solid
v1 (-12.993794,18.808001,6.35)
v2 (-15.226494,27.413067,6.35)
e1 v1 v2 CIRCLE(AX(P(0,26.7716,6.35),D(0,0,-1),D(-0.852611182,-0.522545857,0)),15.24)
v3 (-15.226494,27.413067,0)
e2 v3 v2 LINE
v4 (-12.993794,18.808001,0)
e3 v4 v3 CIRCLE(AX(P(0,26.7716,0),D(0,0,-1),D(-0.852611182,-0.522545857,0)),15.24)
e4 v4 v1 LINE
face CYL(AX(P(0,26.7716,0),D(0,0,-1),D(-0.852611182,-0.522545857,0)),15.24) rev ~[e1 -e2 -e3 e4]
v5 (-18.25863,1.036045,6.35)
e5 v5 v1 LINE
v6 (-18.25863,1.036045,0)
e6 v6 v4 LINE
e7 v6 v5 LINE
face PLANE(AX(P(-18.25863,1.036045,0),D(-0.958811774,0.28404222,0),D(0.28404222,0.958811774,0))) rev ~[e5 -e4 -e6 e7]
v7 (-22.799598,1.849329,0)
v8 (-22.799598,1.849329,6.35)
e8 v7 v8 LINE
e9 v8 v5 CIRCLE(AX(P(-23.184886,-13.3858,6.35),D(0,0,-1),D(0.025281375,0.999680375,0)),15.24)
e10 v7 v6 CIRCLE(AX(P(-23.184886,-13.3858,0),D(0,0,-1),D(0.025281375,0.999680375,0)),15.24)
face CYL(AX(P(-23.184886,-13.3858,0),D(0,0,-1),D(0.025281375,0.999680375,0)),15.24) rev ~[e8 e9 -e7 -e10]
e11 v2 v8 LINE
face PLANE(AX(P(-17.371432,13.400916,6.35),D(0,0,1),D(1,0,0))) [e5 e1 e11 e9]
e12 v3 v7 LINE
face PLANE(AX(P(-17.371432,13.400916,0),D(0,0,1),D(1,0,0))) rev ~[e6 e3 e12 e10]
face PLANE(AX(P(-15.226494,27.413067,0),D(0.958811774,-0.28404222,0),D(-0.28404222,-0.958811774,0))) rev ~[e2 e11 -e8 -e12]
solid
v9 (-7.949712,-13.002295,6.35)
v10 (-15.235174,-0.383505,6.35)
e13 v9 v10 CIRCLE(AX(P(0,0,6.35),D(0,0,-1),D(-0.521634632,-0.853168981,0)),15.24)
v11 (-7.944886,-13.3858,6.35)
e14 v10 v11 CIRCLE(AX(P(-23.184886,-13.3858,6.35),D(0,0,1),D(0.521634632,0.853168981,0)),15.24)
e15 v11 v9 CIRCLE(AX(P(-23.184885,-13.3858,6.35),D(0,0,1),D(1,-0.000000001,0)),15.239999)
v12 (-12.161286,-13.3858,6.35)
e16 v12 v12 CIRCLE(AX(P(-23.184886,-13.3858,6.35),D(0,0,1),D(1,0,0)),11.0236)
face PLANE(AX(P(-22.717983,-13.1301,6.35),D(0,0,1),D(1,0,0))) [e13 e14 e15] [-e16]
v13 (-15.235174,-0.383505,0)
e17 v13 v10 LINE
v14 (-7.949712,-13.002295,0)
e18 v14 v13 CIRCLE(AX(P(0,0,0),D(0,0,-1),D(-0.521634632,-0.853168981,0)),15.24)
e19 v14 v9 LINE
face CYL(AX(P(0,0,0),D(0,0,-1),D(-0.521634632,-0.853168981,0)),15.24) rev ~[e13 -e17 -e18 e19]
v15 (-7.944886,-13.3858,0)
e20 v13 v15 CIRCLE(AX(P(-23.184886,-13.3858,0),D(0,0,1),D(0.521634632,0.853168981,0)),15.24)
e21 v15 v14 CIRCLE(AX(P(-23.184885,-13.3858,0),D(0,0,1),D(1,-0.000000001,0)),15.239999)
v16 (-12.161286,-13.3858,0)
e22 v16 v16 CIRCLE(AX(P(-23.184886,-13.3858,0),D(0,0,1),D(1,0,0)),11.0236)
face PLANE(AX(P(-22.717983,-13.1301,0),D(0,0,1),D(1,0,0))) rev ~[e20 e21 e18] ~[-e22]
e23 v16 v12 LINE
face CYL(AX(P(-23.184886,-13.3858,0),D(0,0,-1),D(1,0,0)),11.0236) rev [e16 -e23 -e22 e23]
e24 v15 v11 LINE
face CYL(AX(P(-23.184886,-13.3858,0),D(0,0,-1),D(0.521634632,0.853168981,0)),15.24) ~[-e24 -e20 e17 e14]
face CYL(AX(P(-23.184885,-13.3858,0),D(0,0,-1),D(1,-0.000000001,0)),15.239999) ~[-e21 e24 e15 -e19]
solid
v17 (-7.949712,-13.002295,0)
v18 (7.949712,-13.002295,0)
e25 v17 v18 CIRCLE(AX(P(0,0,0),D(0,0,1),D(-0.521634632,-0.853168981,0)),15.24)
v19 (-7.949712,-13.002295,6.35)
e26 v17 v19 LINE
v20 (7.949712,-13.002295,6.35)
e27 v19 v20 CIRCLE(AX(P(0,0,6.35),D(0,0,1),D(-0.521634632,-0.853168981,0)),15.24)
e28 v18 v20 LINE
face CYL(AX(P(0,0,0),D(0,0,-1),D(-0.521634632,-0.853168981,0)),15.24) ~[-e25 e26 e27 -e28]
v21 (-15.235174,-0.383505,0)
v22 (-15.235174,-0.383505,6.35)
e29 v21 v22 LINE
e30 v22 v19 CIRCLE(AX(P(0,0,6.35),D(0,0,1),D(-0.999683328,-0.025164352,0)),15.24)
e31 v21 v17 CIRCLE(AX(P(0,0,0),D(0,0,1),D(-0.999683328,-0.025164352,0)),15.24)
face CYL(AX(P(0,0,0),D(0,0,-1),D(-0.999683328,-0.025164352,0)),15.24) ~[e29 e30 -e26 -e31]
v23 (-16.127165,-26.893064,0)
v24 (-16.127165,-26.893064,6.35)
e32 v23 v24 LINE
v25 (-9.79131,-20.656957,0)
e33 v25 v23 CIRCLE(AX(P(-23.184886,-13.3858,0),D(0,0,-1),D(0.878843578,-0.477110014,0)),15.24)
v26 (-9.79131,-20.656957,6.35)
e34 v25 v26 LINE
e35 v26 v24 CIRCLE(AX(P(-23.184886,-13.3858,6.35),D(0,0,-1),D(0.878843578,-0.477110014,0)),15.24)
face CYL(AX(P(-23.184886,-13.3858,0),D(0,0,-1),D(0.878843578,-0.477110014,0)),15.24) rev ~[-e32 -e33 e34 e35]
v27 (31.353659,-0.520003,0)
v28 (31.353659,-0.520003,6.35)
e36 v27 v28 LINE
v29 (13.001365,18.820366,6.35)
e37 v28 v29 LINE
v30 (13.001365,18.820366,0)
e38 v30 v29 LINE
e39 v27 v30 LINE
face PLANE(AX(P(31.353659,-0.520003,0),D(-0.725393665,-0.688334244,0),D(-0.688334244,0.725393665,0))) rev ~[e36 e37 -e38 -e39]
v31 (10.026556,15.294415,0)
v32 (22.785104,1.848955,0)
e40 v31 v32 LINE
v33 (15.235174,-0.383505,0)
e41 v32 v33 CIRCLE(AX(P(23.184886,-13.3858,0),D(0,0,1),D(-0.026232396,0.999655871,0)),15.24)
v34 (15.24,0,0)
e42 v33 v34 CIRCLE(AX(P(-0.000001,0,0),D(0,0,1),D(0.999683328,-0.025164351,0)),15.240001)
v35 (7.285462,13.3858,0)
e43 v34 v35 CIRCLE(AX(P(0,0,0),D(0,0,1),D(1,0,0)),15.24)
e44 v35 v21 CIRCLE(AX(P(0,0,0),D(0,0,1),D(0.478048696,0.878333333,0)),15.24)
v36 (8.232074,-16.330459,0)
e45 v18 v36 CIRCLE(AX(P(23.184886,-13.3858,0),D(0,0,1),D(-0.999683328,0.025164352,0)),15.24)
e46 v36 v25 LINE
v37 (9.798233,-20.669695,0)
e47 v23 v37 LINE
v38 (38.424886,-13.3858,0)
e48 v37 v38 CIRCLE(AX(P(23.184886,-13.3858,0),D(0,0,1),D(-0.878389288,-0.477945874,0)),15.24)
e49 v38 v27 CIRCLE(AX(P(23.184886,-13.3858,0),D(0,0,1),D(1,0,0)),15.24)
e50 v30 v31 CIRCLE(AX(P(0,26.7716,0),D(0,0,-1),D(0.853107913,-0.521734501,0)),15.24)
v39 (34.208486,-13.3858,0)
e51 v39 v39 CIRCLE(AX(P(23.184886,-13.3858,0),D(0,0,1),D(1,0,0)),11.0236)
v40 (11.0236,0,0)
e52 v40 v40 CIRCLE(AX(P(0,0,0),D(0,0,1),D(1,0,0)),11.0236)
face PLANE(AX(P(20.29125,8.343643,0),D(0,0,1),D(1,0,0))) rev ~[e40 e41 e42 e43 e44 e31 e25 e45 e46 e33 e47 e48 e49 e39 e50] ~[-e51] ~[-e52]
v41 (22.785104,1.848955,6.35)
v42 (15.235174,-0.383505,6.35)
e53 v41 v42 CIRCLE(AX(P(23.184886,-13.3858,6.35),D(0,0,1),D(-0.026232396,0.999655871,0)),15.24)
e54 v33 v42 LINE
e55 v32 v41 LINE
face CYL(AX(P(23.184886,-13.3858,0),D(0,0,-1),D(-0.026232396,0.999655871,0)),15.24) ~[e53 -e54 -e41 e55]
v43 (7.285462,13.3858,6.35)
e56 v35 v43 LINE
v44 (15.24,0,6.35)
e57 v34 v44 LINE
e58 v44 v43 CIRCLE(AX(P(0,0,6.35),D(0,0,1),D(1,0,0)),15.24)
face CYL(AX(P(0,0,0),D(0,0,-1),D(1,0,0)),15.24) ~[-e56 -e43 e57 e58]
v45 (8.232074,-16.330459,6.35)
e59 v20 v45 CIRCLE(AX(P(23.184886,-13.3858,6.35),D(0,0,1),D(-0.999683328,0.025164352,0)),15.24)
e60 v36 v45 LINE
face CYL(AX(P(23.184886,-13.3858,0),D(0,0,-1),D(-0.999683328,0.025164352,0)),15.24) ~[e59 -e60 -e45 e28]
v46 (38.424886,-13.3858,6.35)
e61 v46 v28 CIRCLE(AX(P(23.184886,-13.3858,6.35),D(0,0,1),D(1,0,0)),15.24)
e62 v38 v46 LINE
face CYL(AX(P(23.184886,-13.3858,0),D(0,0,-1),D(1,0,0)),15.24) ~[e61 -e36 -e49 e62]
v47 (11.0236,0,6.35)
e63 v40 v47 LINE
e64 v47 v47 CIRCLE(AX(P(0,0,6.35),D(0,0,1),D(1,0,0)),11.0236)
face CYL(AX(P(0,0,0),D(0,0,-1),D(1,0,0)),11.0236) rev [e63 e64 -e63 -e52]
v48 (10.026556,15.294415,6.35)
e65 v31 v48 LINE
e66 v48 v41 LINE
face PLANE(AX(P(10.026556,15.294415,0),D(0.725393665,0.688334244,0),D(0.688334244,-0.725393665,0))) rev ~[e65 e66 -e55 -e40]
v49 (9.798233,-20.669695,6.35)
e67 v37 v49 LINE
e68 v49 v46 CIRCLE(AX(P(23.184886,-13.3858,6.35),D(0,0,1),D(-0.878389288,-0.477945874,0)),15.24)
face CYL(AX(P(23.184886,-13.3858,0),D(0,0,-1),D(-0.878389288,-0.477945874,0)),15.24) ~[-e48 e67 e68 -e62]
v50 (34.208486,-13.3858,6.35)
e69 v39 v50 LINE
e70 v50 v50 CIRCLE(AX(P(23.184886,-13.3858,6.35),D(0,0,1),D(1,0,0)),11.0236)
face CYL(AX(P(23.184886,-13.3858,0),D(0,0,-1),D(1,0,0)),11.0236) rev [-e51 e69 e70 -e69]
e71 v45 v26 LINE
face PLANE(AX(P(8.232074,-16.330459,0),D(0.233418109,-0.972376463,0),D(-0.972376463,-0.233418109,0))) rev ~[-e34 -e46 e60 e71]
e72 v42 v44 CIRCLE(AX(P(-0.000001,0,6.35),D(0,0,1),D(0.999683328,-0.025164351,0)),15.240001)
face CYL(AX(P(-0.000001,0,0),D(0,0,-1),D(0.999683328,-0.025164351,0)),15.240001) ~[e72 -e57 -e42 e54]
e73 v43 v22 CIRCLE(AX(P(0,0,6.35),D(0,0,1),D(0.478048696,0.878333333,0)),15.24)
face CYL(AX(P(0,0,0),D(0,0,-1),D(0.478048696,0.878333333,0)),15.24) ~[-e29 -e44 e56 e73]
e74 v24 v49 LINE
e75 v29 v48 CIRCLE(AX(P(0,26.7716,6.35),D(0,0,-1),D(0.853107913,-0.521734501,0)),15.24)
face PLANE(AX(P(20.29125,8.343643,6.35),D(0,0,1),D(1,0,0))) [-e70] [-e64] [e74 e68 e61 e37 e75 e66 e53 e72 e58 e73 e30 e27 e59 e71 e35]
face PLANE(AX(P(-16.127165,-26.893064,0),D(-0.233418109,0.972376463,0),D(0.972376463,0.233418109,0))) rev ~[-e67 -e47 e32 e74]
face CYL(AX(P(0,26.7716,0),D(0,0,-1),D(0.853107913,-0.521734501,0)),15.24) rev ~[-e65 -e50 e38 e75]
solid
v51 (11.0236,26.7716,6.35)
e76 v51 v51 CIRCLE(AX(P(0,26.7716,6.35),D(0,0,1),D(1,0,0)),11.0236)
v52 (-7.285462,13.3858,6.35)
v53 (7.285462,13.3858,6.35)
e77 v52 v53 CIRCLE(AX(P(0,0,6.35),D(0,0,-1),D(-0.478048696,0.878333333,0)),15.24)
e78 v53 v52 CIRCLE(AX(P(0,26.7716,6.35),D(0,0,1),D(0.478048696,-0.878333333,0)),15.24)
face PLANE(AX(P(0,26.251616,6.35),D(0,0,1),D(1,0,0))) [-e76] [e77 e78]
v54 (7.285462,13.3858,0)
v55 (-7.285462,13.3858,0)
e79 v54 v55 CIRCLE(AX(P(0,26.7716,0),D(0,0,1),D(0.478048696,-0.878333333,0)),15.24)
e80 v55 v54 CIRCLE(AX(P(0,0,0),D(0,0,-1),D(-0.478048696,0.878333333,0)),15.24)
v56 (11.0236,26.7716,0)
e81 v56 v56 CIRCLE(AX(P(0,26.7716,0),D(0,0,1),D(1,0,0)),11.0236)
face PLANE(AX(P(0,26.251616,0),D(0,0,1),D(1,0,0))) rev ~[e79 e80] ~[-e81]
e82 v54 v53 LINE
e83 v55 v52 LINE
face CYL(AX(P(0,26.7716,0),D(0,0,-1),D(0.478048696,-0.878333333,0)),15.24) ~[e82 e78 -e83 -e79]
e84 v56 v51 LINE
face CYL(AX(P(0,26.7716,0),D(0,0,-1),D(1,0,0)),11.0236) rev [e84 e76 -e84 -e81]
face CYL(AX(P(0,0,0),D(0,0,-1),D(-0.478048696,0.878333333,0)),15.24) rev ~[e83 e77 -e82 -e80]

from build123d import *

# Parameters (mm, degrees)
F1_R     = 11.0236
F2_DEPTH = 6.35
F0_R     = 11.0236


with BuildPart() as f2:
    # F1 (on Top) → F2 (new body)
    with BuildSketch(Plane.XY):
        with BuildLine():
            Line((31.3536591279, -0.5200026799), (13.0013645891, 18.8203662076))
            ThreePointArc((13.0013645891, 18.8203662076), (11.648148434, 16.9441772423), (10.0265557348, 15.2944148008))
            Line((10.0265557348, 15.2944148008), (22.7851039854, 1.8489554815))
            ThreePointArc((22.7851039854, 1.8489554815), (27.2459568337, 1.3031516728), (31.3536591279, -0.5200026799))
        make_face()
        with BuildLine():
            ThreePointArc((-9.7913095753, -20.65695662), (-12.4944159632, -24.2472666048), (-16.1271650948, -26.8930639664))
            Line((-16.1271650948, -26.8930639664), (9.7982329498, -20.6696951218))
            ThreePointArc((9.7982329498, -20.6696951218), (8.850013721, -18.5596810721), (8.2320738861, -16.3304593791))
            Line((8.2320738861, -16.3304593791), (-9.7913095753, -20.65695662))
        make_face()
        with BuildLine():
            ThreePointArc((-7.949711788, -13.0022952777), (-9.9866585463, -5.7658), (-15.235173912, -0.3835047223))
            ThreePointArc((-15.235173912, -0.3835047223), (-13.1982271537, -7.62), (-7.949711788, -13.0022952777))
        make_face()
        with BuildLine():
            ThreePointArc((7.285462124, 13.3858), (0, 15.24), (-7.285462124, 13.3858))
            ThreePointArc((-7.285462124, 13.3858), (0, 11.5316), (7.285462124, 13.3858))
        make_face()
        with BuildLine():
            ThreePointArc((38.4248857, -13.3858), (36.5405906054, -6.0453131988), (31.3536591279, -0.5200026799))
            ThreePointArc((31.3536591279, -0.5200026799), (27.2459568337, 1.3031516728), (22.7851039854, 1.8489554815))
            ThreePointArc((22.7851039854, 1.8489554815), (18.863487769, 1.2286832246), (15.235173912, -0.3835047223))
            ThreePointArc((15.235173912, -0.3835047223), (13.1982271537, -7.62), (7.949711788, -13.0022952777))
            ThreePointArc((7.949711788, -13.0022952777), (7.9994390612, -14.6741362848), (8.2320738861, -16.3304593791))
            ThreePointArc((8.2320738861, -16.3304593791), (8.850013721, -18.5596810721), (9.7982329498, -20.6696951218))
            ThreePointArc((9.7982329498, -20.6696951218), (26.9428779889, -28.1551972103), (38.4248857, -13.3858))
        make_face()
        with Locations((23.1848857, -13.3858)):
            Circle(F1_R, mode=Mode.SUBTRACT)
        with BuildLine():
            ThreePointArc((7.949711788, -13.0022952777), (13.1982271537, -7.62), (15.235173912, -0.3835047223))
            ThreePointArc((15.235173912, -0.3835047223), (9.9866585463, -5.7658), (7.949711788, -13.0022952777))
        make_face()
        with BuildLine():
            ThreePointArc((7.285462124, 13.3858), (0, 11.5316), (-7.285462124, 13.3858))
            ThreePointArc((-7.285462124, 13.3858), (-13.1982271537, 7.62), (-15.235173912, -0.3835047223))
            ThreePointArc((-15.235173912, -0.3835047223), (-9.9866585463, -5.7658), (-7.949711788, -13.0022952777))
            ThreePointArc((-7.949711788, -13.0022952777), (0, -15.24), (7.949711788, -13.0022952777))
            ThreePointArc((7.949711788, -13.0022952777), (9.9866585463, -5.7658), (15.235173912, -0.3835047223))
            ThreePointArc((15.235173912, -0.3835047223), (15.2387934302, -0.1917675436), (15.24, 0))
            ThreePointArc((15.24, 0), (13.1012984618, 7.7854722795), (7.285462124, 13.3858))
        make_face()
        Circle(F1_R, mode=Mode.SUBTRACT)
    extrude(amount=F2_DEPTH)


with BuildPart() as f2b:
    # F1 (on Top) → F2, piece 2 (new body)
    with BuildSketch(Plane.XY):
        with BuildLine():
            ThreePointArc((-12.9937944102, 18.8080011385), (-14.7515408705, 22.944114932), (-15.2264940332, 27.4130666463))
            Line((-15.2264940332, 27.4130666463), (-22.7995975389, 1.8493289142))
            ThreePointArc((-22.7995975389, 1.8493289142), (-20.4981621551, 1.6155038298), (-18.2586296209, 1.0360445784))
            Line((-18.2586296209, 1.0360445784), (-12.9937944102, 18.8080011385))
        make_face()
    extrude(amount=F2_DEPTH)


with BuildPart() as f2c:
    # F0 (on Top) → F2, piece 3 (new body)
    with BuildSketch(Plane.XY):
        with BuildLine():
            ThreePointArc((-7.949711788, -13.0022952777), (-13.1982271537, -7.62), (-15.235173912, -0.3835047223))
            ThreePointArc((-15.235173912, -0.3835047223), (-36.4779517054, -20.8391211507), (-7.9448857, -13.3858))
            ThreePointArc((-7.9448857, -13.3858), (-7.9460922697, -13.1940324564), (-7.949711788, -13.0022952777))
        make_face()
        with Locations((-23.1848857, -13.3858)):
            Circle(F0_R, mode=Mode.SUBTRACT)
    extrude(amount=F2_DEPTH)


with BuildPart() as f2d:
    # F0 (on Top) → F2, piece 4 (new body)
    with BuildSketch(Plane.XY):
        with BuildLine():
            ThreePointArc((-7.285462124, 13.3858), (0, 15.24), (7.285462124, 13.3858))
            ThreePointArc((7.285462124, 13.3858), (13.1012984618, 18.9861277205), (15.24, 26.7716))
            ThreePointArc((15.24, 26.7716), (-7.7854722795, 39.8728984618), (-7.285462124, 13.3858))
        make_face()
        with Locations((0, 26.7716)):
            Circle(F0_R, mode=Mode.SUBTRACT)
    extrude(amount=F2_DEPTH)


solid = Compound([f2.part, f2b.part, f2c.part, f2d.part])
